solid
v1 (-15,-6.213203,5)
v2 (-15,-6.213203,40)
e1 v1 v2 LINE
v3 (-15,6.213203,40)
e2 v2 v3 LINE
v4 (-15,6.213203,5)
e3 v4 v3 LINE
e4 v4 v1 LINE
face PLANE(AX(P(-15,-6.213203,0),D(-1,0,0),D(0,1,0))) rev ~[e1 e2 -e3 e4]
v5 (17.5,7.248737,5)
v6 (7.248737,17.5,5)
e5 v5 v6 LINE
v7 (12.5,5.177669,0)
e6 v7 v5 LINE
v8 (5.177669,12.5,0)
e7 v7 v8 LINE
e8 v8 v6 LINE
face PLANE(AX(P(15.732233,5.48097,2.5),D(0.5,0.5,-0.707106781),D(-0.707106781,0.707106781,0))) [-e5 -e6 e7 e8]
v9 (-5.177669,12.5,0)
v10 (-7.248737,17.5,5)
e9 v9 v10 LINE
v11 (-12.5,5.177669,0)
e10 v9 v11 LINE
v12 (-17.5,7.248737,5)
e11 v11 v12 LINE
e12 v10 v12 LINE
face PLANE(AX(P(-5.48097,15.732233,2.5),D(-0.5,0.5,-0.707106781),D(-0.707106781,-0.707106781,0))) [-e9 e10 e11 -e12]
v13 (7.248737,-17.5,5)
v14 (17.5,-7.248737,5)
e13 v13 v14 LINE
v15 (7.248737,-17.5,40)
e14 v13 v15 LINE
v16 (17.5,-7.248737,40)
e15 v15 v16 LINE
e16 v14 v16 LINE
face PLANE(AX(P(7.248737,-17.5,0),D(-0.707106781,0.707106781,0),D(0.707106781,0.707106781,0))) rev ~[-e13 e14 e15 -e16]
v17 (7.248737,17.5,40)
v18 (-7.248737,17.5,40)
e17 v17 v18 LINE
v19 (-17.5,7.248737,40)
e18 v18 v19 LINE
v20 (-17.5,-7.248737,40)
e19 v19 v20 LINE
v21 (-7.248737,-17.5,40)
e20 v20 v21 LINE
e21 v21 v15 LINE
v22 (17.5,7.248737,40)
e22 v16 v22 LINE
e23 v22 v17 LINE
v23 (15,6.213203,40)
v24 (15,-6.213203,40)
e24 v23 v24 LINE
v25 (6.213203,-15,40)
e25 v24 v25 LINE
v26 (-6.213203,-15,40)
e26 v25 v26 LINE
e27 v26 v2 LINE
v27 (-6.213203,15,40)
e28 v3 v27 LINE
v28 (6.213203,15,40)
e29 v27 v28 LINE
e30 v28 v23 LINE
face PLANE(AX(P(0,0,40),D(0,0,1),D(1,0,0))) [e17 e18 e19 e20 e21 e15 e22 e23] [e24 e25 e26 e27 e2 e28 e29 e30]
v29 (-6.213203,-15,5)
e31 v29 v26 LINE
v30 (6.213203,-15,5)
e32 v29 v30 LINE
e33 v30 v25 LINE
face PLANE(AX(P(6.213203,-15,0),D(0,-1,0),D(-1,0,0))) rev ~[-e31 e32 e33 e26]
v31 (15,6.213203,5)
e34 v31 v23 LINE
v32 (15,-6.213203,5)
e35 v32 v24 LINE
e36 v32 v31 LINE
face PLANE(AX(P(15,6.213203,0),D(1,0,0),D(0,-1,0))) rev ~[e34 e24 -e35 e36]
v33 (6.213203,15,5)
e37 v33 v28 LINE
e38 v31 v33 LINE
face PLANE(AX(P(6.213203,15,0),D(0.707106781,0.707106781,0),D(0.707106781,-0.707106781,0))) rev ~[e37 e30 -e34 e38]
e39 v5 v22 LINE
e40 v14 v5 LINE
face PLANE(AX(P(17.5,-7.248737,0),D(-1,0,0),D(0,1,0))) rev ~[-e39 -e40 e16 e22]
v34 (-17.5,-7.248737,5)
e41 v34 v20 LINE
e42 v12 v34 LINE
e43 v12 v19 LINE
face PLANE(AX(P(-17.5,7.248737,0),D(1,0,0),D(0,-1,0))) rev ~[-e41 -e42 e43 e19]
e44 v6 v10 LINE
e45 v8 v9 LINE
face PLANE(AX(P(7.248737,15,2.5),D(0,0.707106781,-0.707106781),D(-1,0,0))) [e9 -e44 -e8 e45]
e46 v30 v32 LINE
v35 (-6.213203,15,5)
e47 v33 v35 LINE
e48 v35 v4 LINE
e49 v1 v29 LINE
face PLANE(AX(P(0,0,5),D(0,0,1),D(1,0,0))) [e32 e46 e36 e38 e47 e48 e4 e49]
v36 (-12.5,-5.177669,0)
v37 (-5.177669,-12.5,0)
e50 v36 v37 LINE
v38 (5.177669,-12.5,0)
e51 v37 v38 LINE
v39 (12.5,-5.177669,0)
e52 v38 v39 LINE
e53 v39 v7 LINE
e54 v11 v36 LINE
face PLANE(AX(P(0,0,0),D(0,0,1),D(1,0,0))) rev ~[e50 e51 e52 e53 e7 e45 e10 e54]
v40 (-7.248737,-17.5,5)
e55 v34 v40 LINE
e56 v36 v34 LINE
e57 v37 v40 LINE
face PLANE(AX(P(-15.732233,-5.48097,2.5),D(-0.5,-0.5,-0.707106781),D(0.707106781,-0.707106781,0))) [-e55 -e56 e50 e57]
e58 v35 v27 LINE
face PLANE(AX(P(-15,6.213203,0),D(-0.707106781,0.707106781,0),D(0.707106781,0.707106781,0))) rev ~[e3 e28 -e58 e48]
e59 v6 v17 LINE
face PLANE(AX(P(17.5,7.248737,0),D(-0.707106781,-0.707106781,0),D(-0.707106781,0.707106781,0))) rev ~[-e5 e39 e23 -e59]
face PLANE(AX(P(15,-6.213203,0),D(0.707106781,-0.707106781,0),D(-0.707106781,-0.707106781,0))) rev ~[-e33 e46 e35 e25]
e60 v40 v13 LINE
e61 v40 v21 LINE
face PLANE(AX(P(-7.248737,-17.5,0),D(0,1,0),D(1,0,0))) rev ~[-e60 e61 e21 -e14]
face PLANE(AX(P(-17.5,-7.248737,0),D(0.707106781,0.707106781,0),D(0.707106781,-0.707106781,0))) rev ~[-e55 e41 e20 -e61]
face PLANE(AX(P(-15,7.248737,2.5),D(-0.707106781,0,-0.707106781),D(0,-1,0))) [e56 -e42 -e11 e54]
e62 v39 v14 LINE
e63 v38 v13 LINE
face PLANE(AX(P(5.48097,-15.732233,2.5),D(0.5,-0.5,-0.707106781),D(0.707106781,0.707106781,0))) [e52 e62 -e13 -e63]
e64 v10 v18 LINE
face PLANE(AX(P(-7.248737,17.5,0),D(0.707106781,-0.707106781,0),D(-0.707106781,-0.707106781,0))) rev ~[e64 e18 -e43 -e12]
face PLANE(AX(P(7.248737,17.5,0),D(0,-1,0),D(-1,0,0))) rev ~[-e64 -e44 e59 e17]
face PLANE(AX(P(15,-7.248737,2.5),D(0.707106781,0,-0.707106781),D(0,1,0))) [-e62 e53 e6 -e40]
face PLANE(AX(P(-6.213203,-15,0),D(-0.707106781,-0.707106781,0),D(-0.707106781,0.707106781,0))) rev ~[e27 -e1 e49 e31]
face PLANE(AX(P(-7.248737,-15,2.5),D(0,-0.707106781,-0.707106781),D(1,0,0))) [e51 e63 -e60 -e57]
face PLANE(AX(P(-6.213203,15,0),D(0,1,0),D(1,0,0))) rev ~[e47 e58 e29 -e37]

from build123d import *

# Parameters (mm, degrees)
F1_DEPTH = 40
F2_DEPTH = 5
F3_SIZE  = 5


with BuildPart() as f1:
    # F0 (on Top) → F1 (new body)
    with BuildSketch(Plane.XY):
        Polygon((-17.5, 7.248737), (-17.5, -7.248737), (-7.248737, -17.5), (7.248737, -17.5), (17.5, -7.248737), (17.5, 7.248737), (7.248737, 17.5), (-7.248737, 17.5), align=None)
        Polygon((-6.213203, -15), (-15, -6.213203), (-15, 6.213203), (-6.213203, 15), (6.213203, 15), (15, 6.213203), (15, -6.213203), (6.213203, -15), align=None, mode=Mode.SUBTRACT)
    extrude(amount=F1_DEPTH)

    # F0 (on Top) → F2 (join)
    with BuildSketch(Plane.XY):
        Polygon((-15, 6.213203), (-15, -6.213203), (-6.213203, -15), (6.213203, -15), (15, -6.213203), (15, 6.213203), (6.213203, 15), (-6.213203, 15), align=None)
    extrude(amount=F2_DEPTH)

    # F3
    f3_edges = [f1.edges().sort_by_distance(p)[0] for p in [
        (12.374369, -12.374369, 0),
        (0, -17.5, 0),
        (17.5, 0, 0),
        (12.374369, 12.374369, 0),
        (0, 17.5, 0),
        (-12.374369, 12.374369, 0),
        (-17.5, 0, 0),
        (-12.374369, -12.374369, 0),
    ]]
    chamfer(f3_edges, length=F3_SIZE)


solid = f1.part
